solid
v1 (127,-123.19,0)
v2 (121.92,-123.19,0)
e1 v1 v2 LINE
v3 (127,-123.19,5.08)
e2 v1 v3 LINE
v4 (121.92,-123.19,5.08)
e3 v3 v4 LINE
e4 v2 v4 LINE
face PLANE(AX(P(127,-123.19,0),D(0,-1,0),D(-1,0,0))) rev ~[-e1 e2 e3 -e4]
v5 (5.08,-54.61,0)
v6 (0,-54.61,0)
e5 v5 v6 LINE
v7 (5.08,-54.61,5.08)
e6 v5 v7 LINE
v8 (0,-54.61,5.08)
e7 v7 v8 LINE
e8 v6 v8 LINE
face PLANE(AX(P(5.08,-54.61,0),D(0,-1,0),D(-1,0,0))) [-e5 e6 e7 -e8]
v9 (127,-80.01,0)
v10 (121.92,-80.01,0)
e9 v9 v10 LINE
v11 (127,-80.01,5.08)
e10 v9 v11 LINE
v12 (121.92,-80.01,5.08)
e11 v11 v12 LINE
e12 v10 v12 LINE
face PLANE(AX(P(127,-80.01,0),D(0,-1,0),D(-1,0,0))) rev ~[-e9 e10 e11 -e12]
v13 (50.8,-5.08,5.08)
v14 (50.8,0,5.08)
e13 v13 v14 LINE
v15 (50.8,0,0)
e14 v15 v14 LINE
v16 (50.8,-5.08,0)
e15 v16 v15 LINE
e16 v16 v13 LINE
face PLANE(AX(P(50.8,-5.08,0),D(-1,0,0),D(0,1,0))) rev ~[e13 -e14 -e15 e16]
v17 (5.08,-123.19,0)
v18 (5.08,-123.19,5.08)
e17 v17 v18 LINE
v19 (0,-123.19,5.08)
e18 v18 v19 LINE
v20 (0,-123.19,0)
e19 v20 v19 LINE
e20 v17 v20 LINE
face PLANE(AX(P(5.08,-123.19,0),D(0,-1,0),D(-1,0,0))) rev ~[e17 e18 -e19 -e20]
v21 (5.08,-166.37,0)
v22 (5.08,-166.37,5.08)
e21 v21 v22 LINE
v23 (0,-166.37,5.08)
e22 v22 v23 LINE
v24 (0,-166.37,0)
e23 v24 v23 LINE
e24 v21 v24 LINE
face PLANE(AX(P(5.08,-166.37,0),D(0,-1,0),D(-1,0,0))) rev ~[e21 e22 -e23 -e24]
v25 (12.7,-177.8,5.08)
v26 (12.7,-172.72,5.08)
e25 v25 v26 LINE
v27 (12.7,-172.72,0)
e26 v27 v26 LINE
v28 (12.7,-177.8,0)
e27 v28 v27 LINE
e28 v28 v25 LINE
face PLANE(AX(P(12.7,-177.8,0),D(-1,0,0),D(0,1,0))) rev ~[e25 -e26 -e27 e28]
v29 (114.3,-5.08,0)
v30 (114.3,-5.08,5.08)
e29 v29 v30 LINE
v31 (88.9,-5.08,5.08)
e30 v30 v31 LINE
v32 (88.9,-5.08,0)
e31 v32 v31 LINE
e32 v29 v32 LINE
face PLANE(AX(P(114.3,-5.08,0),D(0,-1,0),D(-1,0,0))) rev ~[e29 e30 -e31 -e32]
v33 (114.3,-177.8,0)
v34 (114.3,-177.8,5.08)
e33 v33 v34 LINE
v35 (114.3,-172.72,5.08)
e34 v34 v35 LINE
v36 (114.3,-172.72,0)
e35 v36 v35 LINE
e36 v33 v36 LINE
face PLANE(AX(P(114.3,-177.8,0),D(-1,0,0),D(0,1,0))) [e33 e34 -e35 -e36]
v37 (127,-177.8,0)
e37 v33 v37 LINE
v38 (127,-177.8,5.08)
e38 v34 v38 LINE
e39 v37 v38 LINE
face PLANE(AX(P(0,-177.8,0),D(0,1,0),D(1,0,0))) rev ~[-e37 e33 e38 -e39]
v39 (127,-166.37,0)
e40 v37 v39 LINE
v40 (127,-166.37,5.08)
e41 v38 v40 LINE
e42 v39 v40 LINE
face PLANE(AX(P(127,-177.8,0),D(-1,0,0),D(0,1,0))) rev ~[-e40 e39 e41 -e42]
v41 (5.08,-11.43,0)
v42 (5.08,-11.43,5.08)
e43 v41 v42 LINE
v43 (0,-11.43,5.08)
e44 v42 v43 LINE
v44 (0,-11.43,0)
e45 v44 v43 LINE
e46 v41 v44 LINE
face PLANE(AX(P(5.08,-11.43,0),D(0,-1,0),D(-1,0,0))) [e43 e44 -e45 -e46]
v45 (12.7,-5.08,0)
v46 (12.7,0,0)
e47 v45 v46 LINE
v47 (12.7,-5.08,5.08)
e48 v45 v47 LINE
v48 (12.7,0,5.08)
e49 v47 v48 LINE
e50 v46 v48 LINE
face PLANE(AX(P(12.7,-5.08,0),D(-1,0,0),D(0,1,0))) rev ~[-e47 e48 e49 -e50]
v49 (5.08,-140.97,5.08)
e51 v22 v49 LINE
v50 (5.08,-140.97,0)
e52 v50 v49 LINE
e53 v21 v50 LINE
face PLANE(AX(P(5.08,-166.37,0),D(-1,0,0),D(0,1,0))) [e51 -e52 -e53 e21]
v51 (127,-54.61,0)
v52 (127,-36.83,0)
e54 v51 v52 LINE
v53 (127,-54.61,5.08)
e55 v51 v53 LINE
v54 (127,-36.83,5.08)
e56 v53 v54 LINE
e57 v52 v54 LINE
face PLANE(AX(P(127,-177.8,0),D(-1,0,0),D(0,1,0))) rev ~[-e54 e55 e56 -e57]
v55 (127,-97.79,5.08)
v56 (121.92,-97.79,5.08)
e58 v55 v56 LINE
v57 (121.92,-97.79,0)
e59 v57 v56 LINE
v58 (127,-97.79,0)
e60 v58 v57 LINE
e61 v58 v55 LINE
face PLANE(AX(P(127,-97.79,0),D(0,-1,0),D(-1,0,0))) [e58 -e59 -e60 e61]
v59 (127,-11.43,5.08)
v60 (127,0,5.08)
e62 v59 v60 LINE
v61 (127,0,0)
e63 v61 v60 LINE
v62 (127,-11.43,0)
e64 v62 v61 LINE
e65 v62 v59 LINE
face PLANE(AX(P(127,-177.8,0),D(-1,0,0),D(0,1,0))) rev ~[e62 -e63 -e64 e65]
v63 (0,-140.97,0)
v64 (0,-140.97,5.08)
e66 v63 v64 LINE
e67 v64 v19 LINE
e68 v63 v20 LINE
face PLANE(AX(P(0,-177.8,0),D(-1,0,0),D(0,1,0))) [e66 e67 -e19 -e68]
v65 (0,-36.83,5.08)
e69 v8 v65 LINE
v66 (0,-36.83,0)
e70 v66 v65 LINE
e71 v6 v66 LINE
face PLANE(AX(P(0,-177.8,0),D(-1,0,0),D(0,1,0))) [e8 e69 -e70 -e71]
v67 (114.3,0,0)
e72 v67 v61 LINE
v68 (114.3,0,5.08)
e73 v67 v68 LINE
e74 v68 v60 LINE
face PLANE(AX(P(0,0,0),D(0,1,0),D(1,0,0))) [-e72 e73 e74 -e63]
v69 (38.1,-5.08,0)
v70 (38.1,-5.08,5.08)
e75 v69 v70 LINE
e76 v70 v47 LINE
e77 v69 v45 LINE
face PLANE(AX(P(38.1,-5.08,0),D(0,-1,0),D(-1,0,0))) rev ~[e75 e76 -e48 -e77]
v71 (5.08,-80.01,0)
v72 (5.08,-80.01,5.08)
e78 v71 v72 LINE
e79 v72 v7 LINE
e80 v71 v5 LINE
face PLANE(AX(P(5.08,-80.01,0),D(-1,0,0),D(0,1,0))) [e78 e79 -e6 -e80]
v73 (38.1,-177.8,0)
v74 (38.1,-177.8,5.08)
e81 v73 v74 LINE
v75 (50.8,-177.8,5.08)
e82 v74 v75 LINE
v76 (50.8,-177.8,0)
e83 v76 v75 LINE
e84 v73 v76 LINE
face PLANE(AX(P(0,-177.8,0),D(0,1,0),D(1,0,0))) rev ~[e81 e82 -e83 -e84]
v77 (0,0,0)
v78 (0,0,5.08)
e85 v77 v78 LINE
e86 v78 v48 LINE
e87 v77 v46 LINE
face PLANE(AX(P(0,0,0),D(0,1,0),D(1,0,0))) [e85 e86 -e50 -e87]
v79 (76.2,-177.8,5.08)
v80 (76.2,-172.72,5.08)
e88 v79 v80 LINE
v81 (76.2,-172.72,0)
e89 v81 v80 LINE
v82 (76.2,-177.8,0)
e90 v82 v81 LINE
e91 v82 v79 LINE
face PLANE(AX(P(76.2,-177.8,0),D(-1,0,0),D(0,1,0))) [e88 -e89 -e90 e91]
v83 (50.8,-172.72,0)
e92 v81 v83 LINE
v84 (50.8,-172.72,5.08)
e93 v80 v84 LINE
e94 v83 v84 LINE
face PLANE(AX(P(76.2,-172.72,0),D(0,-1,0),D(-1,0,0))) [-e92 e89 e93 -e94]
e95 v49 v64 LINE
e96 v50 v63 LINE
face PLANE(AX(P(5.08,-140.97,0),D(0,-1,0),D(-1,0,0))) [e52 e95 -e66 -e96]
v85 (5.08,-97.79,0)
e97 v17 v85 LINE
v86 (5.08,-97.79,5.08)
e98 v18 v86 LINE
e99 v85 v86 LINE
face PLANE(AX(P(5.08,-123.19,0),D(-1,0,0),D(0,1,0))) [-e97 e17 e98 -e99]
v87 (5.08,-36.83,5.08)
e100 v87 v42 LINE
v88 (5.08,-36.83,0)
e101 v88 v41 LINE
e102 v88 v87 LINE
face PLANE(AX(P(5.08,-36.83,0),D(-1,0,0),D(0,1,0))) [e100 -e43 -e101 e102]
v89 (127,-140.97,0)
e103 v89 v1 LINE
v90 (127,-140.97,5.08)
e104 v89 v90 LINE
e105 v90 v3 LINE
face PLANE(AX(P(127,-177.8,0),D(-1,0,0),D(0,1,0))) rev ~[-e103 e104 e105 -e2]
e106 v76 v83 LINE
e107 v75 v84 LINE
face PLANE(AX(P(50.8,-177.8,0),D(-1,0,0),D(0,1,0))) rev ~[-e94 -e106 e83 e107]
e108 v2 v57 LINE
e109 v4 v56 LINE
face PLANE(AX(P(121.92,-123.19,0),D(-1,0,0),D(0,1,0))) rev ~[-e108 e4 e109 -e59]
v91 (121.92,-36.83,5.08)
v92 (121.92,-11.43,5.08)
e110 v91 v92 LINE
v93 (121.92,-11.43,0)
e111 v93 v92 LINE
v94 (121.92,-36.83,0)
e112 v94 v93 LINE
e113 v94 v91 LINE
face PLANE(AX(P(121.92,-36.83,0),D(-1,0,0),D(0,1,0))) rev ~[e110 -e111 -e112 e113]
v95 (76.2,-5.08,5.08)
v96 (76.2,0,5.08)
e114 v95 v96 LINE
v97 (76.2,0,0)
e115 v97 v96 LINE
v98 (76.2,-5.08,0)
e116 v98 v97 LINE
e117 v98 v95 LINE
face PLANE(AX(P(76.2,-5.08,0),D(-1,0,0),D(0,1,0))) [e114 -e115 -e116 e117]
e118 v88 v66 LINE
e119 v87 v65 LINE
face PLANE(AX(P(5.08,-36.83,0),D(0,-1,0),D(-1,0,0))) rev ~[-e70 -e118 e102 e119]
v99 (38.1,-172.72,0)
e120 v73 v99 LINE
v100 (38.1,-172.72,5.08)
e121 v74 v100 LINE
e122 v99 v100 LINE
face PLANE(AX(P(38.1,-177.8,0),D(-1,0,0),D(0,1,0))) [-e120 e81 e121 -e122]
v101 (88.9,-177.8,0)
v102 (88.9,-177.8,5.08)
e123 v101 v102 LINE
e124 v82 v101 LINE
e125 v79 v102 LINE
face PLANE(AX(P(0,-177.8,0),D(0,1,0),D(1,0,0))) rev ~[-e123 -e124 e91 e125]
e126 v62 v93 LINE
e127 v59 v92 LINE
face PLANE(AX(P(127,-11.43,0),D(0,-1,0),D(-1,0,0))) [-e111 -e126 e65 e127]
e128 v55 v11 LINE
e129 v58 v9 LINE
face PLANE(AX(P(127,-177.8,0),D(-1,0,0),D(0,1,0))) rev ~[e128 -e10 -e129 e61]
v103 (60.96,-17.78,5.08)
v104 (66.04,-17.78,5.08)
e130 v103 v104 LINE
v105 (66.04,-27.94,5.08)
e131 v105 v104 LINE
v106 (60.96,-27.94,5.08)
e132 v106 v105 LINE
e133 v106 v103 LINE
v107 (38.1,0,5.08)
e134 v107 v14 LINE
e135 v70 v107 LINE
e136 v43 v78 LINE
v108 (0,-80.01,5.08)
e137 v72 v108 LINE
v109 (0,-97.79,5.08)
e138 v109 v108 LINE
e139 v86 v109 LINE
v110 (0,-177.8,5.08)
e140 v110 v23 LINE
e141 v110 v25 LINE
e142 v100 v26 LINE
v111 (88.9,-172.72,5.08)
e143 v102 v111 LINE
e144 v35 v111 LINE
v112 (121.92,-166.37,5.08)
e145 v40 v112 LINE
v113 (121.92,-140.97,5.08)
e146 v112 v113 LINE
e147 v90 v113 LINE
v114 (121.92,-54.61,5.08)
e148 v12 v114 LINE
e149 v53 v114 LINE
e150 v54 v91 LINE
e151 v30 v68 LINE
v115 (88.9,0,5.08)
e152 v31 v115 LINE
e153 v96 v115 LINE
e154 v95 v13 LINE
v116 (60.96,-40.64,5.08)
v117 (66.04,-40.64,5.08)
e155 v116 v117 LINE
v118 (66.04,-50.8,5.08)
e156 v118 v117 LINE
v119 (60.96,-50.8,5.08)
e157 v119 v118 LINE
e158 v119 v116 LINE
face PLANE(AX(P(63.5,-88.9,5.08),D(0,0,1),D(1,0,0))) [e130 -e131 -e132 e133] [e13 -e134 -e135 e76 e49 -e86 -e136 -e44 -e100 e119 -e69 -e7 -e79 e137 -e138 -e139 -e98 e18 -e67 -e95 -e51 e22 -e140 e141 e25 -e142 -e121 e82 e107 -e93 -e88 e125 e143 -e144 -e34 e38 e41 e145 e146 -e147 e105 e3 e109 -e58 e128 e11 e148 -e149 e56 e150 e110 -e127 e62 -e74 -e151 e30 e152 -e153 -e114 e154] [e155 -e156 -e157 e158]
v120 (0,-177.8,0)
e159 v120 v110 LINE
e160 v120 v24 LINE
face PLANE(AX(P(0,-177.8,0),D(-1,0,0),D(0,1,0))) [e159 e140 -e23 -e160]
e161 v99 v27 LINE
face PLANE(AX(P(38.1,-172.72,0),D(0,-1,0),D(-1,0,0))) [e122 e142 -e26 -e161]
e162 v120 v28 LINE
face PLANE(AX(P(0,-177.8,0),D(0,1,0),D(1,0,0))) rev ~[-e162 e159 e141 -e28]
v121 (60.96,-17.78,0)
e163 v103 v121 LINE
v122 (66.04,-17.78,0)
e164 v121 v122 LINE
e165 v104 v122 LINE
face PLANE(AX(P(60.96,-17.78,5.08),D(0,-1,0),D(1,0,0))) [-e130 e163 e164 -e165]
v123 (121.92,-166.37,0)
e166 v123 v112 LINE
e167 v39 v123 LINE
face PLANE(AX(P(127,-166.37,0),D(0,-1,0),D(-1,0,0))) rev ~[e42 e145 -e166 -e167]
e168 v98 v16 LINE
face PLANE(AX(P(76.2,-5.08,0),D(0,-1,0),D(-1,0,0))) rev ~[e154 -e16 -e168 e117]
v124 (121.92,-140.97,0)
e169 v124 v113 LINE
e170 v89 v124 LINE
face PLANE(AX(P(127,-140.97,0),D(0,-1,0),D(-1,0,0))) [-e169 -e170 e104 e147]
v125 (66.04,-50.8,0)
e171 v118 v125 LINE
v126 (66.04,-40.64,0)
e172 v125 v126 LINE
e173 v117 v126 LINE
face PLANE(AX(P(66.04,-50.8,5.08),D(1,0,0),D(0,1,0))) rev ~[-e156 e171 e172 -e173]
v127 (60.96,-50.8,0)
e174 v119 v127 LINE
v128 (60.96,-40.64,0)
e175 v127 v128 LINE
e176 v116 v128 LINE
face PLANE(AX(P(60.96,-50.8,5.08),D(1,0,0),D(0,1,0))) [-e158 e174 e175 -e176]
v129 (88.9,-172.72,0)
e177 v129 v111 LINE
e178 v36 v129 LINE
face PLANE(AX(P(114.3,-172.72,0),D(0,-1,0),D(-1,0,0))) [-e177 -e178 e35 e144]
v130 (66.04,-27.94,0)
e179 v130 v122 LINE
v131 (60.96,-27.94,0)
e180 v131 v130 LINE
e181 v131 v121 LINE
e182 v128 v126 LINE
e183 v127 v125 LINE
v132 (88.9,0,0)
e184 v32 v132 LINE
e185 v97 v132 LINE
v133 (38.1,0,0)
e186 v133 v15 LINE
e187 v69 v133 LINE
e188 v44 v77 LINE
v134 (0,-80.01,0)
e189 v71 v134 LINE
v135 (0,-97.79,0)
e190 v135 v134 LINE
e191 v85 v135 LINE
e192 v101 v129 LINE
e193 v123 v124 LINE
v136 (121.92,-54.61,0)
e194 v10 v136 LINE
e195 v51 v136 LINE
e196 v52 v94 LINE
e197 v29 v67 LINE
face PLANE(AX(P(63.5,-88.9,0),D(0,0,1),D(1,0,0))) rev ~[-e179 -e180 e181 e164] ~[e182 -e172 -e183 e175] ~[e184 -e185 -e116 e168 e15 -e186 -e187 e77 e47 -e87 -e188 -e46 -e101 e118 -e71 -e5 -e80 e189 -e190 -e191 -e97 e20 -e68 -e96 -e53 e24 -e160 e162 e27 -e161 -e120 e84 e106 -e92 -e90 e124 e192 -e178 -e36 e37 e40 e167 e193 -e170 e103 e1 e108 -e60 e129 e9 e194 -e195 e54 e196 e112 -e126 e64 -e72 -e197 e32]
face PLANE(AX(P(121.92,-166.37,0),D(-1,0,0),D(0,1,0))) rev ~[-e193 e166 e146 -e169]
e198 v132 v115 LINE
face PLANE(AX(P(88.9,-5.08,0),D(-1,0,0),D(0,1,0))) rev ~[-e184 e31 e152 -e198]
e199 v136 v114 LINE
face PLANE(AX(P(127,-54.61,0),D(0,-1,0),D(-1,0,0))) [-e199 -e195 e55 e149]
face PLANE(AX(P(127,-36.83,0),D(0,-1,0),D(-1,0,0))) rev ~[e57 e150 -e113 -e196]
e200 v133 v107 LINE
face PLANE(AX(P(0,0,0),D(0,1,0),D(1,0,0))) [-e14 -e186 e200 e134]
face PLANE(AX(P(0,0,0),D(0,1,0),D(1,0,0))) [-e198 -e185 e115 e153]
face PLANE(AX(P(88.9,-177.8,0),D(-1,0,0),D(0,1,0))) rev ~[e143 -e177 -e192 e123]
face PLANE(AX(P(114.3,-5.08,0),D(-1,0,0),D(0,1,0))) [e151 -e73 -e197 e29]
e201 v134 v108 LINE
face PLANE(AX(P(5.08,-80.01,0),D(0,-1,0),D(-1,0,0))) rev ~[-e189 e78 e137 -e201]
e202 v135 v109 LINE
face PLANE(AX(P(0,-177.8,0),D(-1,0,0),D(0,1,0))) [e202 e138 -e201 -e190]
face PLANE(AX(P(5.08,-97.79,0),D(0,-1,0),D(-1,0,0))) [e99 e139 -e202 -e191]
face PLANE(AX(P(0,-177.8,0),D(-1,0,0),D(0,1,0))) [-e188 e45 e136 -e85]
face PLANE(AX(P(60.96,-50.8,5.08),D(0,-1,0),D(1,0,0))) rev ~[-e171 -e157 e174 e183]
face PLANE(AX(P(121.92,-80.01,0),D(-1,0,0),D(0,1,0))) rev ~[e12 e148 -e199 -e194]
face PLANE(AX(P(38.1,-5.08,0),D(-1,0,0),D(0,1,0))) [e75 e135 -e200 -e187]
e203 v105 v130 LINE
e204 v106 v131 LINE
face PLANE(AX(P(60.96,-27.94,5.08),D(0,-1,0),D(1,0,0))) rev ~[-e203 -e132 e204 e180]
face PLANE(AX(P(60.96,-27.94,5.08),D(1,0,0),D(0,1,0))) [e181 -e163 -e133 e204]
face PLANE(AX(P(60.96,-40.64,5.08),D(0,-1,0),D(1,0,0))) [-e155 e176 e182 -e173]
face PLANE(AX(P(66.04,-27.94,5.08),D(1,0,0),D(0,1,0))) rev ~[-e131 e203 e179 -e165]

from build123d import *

# Parameters (mm, degrees)
SKETCH2_W           = 127
SKETCH2_H           = 177.8
BOSS_EXTRUDE2_DEPTH = 5.08
SKETCH3_W           = 5.08
SKETCH3_H           = 25.4
CUT_EXTRUDE1_DEPTH  = 5.08
LPATTERN1_COUNT     = 5
LPATTERN1_PITCH     = 43.18
SKETCH4_W           = 5.08
SKETCH4_H           = 25.4
CUT_EXTRUDE2_DEPTH  = 5.08
LPATTERN2_COUNT     = 4
LPATTERN2_PITCH     = 43.18
SKETCH5_W           = 25.4
SKETCH5_H           = 5.08
CUT_EXTRUDE3_DEPTH  = 5.08
LPATTERN3_COUNT     = 3
LPATTERN3_PITCH     = 38.1
SKETCH6_W           = 25.4
SKETCH6_H           = 5.08
CUT_EXTRUDE4_DEPTH  = 5.08
LPATTERN4_COUNT     = 3
LPATTERN4_PITCH     = 38.1
SKETCH7_W           = 5.08
SKETCH7_H           = 10.16
CUT_EXTRUDE5_DEPTH  = 5.08


with BuildPart() as part:
    # Sketch2 → Boss-Extrude2 (new body)
    with BuildSketch(Plane.XY):
        with Locations((63.5, -88.9)):
            Rectangle(SKETCH2_W, SKETCH2_H)
    extrude(amount=BOSS_EXTRUDE2_DEPTH)

    # Sketch3 → Cut-Extrude1 (cut)
    with BuildSketch(Plane(origin=(0, 0, 0), x_dir=(-1, 0, 0), z_dir=(0, 0, -1))):
        with Locations((-124.46, -153.67)):
            Rectangle(SKETCH3_W, SKETCH3_H)
    cut_extrude1 = extrude(amount=-CUT_EXTRUDE1_DEPTH, mode=Mode.SUBTRACT)

    # LPattern1: Cut-Extrude1 ×5
    with Locations(*[(0, i * LPATTERN1_PITCH, 0) for i in range(1, LPATTERN1_COUNT)]):
        add(cut_extrude1, mode=Mode.SUBTRACT)

    # Sketch4 → Cut-Extrude2 (cut)
    with BuildSketch(Plane(origin=(0, 0, 0), x_dir=(-1, 0, 0), z_dir=(0, 0, -1))):
        with Locations((-2.54, -153.67)):
            Rectangle(SKETCH4_W, SKETCH4_H)
    cut_extrude2 = extrude(amount=-CUT_EXTRUDE2_DEPTH, mode=Mode.SUBTRACT)

    # LPattern2: Cut-Extrude2 ×4
    with Locations(*[(0, i * LPATTERN2_PITCH, 0) for i in range(1, LPATTERN2_COUNT)]):
        add(cut_extrude2, mode=Mode.SUBTRACT)

    # Sketch5 → Cut-Extrude3 (cut)
    with BuildSketch(Plane(origin=(0, 0, 0), x_dir=(-1, 0, 0), z_dir=(0, 0, -1))):
        with Locations((-101.6, -175.26)):
            Rectangle(SKETCH5_W, SKETCH5_H)
    cut_extrude3 = extrude(amount=-CUT_EXTRUDE3_DEPTH, mode=Mode.SUBTRACT)

    # LPattern3: Cut-Extrude3 ×3
    with Locations(*[(-i * LPATTERN3_PITCH, 0, 0) for i in range(1, LPATTERN3_COUNT)]):
        add(cut_extrude3, mode=Mode.SUBTRACT)

    # Sketch6 → Cut-Extrude4 (cut)
    with BuildSketch(Plane(origin=(0, 0, 0), x_dir=(-1, 0, 0), z_dir=(0, 0, -1))):
        with Locations((-25.4, -2.54)):
            Rectangle(SKETCH6_W, SKETCH6_H)
    cut_extrude4 = extrude(amount=-CUT_EXTRUDE4_DEPTH, mode=Mode.SUBTRACT)

    # LPattern4: Cut-Extrude4 ×3
    with Locations(*[(i * LPATTERN4_PITCH, 0, 0) for i in range(1, LPATTERN4_COUNT)]):
        add(cut_extrude4, mode=Mode.SUBTRACT)

    # Sketch7 → Cut-Extrude5 (cut)
    with BuildSketch(Plane.XY.offset(5.08)):
        with Locations((63.5, -22.86)):
            Rectangle(SKETCH7_W, SKETCH7_H)
        with Locations((63.5, -45.72)):
            Rectangle(SKETCH7_W, SKETCH7_H)
    extrude(amount=-CUT_EXTRUDE5_DEPTH, mode=Mode.SUBTRACT)


solid = part.part
